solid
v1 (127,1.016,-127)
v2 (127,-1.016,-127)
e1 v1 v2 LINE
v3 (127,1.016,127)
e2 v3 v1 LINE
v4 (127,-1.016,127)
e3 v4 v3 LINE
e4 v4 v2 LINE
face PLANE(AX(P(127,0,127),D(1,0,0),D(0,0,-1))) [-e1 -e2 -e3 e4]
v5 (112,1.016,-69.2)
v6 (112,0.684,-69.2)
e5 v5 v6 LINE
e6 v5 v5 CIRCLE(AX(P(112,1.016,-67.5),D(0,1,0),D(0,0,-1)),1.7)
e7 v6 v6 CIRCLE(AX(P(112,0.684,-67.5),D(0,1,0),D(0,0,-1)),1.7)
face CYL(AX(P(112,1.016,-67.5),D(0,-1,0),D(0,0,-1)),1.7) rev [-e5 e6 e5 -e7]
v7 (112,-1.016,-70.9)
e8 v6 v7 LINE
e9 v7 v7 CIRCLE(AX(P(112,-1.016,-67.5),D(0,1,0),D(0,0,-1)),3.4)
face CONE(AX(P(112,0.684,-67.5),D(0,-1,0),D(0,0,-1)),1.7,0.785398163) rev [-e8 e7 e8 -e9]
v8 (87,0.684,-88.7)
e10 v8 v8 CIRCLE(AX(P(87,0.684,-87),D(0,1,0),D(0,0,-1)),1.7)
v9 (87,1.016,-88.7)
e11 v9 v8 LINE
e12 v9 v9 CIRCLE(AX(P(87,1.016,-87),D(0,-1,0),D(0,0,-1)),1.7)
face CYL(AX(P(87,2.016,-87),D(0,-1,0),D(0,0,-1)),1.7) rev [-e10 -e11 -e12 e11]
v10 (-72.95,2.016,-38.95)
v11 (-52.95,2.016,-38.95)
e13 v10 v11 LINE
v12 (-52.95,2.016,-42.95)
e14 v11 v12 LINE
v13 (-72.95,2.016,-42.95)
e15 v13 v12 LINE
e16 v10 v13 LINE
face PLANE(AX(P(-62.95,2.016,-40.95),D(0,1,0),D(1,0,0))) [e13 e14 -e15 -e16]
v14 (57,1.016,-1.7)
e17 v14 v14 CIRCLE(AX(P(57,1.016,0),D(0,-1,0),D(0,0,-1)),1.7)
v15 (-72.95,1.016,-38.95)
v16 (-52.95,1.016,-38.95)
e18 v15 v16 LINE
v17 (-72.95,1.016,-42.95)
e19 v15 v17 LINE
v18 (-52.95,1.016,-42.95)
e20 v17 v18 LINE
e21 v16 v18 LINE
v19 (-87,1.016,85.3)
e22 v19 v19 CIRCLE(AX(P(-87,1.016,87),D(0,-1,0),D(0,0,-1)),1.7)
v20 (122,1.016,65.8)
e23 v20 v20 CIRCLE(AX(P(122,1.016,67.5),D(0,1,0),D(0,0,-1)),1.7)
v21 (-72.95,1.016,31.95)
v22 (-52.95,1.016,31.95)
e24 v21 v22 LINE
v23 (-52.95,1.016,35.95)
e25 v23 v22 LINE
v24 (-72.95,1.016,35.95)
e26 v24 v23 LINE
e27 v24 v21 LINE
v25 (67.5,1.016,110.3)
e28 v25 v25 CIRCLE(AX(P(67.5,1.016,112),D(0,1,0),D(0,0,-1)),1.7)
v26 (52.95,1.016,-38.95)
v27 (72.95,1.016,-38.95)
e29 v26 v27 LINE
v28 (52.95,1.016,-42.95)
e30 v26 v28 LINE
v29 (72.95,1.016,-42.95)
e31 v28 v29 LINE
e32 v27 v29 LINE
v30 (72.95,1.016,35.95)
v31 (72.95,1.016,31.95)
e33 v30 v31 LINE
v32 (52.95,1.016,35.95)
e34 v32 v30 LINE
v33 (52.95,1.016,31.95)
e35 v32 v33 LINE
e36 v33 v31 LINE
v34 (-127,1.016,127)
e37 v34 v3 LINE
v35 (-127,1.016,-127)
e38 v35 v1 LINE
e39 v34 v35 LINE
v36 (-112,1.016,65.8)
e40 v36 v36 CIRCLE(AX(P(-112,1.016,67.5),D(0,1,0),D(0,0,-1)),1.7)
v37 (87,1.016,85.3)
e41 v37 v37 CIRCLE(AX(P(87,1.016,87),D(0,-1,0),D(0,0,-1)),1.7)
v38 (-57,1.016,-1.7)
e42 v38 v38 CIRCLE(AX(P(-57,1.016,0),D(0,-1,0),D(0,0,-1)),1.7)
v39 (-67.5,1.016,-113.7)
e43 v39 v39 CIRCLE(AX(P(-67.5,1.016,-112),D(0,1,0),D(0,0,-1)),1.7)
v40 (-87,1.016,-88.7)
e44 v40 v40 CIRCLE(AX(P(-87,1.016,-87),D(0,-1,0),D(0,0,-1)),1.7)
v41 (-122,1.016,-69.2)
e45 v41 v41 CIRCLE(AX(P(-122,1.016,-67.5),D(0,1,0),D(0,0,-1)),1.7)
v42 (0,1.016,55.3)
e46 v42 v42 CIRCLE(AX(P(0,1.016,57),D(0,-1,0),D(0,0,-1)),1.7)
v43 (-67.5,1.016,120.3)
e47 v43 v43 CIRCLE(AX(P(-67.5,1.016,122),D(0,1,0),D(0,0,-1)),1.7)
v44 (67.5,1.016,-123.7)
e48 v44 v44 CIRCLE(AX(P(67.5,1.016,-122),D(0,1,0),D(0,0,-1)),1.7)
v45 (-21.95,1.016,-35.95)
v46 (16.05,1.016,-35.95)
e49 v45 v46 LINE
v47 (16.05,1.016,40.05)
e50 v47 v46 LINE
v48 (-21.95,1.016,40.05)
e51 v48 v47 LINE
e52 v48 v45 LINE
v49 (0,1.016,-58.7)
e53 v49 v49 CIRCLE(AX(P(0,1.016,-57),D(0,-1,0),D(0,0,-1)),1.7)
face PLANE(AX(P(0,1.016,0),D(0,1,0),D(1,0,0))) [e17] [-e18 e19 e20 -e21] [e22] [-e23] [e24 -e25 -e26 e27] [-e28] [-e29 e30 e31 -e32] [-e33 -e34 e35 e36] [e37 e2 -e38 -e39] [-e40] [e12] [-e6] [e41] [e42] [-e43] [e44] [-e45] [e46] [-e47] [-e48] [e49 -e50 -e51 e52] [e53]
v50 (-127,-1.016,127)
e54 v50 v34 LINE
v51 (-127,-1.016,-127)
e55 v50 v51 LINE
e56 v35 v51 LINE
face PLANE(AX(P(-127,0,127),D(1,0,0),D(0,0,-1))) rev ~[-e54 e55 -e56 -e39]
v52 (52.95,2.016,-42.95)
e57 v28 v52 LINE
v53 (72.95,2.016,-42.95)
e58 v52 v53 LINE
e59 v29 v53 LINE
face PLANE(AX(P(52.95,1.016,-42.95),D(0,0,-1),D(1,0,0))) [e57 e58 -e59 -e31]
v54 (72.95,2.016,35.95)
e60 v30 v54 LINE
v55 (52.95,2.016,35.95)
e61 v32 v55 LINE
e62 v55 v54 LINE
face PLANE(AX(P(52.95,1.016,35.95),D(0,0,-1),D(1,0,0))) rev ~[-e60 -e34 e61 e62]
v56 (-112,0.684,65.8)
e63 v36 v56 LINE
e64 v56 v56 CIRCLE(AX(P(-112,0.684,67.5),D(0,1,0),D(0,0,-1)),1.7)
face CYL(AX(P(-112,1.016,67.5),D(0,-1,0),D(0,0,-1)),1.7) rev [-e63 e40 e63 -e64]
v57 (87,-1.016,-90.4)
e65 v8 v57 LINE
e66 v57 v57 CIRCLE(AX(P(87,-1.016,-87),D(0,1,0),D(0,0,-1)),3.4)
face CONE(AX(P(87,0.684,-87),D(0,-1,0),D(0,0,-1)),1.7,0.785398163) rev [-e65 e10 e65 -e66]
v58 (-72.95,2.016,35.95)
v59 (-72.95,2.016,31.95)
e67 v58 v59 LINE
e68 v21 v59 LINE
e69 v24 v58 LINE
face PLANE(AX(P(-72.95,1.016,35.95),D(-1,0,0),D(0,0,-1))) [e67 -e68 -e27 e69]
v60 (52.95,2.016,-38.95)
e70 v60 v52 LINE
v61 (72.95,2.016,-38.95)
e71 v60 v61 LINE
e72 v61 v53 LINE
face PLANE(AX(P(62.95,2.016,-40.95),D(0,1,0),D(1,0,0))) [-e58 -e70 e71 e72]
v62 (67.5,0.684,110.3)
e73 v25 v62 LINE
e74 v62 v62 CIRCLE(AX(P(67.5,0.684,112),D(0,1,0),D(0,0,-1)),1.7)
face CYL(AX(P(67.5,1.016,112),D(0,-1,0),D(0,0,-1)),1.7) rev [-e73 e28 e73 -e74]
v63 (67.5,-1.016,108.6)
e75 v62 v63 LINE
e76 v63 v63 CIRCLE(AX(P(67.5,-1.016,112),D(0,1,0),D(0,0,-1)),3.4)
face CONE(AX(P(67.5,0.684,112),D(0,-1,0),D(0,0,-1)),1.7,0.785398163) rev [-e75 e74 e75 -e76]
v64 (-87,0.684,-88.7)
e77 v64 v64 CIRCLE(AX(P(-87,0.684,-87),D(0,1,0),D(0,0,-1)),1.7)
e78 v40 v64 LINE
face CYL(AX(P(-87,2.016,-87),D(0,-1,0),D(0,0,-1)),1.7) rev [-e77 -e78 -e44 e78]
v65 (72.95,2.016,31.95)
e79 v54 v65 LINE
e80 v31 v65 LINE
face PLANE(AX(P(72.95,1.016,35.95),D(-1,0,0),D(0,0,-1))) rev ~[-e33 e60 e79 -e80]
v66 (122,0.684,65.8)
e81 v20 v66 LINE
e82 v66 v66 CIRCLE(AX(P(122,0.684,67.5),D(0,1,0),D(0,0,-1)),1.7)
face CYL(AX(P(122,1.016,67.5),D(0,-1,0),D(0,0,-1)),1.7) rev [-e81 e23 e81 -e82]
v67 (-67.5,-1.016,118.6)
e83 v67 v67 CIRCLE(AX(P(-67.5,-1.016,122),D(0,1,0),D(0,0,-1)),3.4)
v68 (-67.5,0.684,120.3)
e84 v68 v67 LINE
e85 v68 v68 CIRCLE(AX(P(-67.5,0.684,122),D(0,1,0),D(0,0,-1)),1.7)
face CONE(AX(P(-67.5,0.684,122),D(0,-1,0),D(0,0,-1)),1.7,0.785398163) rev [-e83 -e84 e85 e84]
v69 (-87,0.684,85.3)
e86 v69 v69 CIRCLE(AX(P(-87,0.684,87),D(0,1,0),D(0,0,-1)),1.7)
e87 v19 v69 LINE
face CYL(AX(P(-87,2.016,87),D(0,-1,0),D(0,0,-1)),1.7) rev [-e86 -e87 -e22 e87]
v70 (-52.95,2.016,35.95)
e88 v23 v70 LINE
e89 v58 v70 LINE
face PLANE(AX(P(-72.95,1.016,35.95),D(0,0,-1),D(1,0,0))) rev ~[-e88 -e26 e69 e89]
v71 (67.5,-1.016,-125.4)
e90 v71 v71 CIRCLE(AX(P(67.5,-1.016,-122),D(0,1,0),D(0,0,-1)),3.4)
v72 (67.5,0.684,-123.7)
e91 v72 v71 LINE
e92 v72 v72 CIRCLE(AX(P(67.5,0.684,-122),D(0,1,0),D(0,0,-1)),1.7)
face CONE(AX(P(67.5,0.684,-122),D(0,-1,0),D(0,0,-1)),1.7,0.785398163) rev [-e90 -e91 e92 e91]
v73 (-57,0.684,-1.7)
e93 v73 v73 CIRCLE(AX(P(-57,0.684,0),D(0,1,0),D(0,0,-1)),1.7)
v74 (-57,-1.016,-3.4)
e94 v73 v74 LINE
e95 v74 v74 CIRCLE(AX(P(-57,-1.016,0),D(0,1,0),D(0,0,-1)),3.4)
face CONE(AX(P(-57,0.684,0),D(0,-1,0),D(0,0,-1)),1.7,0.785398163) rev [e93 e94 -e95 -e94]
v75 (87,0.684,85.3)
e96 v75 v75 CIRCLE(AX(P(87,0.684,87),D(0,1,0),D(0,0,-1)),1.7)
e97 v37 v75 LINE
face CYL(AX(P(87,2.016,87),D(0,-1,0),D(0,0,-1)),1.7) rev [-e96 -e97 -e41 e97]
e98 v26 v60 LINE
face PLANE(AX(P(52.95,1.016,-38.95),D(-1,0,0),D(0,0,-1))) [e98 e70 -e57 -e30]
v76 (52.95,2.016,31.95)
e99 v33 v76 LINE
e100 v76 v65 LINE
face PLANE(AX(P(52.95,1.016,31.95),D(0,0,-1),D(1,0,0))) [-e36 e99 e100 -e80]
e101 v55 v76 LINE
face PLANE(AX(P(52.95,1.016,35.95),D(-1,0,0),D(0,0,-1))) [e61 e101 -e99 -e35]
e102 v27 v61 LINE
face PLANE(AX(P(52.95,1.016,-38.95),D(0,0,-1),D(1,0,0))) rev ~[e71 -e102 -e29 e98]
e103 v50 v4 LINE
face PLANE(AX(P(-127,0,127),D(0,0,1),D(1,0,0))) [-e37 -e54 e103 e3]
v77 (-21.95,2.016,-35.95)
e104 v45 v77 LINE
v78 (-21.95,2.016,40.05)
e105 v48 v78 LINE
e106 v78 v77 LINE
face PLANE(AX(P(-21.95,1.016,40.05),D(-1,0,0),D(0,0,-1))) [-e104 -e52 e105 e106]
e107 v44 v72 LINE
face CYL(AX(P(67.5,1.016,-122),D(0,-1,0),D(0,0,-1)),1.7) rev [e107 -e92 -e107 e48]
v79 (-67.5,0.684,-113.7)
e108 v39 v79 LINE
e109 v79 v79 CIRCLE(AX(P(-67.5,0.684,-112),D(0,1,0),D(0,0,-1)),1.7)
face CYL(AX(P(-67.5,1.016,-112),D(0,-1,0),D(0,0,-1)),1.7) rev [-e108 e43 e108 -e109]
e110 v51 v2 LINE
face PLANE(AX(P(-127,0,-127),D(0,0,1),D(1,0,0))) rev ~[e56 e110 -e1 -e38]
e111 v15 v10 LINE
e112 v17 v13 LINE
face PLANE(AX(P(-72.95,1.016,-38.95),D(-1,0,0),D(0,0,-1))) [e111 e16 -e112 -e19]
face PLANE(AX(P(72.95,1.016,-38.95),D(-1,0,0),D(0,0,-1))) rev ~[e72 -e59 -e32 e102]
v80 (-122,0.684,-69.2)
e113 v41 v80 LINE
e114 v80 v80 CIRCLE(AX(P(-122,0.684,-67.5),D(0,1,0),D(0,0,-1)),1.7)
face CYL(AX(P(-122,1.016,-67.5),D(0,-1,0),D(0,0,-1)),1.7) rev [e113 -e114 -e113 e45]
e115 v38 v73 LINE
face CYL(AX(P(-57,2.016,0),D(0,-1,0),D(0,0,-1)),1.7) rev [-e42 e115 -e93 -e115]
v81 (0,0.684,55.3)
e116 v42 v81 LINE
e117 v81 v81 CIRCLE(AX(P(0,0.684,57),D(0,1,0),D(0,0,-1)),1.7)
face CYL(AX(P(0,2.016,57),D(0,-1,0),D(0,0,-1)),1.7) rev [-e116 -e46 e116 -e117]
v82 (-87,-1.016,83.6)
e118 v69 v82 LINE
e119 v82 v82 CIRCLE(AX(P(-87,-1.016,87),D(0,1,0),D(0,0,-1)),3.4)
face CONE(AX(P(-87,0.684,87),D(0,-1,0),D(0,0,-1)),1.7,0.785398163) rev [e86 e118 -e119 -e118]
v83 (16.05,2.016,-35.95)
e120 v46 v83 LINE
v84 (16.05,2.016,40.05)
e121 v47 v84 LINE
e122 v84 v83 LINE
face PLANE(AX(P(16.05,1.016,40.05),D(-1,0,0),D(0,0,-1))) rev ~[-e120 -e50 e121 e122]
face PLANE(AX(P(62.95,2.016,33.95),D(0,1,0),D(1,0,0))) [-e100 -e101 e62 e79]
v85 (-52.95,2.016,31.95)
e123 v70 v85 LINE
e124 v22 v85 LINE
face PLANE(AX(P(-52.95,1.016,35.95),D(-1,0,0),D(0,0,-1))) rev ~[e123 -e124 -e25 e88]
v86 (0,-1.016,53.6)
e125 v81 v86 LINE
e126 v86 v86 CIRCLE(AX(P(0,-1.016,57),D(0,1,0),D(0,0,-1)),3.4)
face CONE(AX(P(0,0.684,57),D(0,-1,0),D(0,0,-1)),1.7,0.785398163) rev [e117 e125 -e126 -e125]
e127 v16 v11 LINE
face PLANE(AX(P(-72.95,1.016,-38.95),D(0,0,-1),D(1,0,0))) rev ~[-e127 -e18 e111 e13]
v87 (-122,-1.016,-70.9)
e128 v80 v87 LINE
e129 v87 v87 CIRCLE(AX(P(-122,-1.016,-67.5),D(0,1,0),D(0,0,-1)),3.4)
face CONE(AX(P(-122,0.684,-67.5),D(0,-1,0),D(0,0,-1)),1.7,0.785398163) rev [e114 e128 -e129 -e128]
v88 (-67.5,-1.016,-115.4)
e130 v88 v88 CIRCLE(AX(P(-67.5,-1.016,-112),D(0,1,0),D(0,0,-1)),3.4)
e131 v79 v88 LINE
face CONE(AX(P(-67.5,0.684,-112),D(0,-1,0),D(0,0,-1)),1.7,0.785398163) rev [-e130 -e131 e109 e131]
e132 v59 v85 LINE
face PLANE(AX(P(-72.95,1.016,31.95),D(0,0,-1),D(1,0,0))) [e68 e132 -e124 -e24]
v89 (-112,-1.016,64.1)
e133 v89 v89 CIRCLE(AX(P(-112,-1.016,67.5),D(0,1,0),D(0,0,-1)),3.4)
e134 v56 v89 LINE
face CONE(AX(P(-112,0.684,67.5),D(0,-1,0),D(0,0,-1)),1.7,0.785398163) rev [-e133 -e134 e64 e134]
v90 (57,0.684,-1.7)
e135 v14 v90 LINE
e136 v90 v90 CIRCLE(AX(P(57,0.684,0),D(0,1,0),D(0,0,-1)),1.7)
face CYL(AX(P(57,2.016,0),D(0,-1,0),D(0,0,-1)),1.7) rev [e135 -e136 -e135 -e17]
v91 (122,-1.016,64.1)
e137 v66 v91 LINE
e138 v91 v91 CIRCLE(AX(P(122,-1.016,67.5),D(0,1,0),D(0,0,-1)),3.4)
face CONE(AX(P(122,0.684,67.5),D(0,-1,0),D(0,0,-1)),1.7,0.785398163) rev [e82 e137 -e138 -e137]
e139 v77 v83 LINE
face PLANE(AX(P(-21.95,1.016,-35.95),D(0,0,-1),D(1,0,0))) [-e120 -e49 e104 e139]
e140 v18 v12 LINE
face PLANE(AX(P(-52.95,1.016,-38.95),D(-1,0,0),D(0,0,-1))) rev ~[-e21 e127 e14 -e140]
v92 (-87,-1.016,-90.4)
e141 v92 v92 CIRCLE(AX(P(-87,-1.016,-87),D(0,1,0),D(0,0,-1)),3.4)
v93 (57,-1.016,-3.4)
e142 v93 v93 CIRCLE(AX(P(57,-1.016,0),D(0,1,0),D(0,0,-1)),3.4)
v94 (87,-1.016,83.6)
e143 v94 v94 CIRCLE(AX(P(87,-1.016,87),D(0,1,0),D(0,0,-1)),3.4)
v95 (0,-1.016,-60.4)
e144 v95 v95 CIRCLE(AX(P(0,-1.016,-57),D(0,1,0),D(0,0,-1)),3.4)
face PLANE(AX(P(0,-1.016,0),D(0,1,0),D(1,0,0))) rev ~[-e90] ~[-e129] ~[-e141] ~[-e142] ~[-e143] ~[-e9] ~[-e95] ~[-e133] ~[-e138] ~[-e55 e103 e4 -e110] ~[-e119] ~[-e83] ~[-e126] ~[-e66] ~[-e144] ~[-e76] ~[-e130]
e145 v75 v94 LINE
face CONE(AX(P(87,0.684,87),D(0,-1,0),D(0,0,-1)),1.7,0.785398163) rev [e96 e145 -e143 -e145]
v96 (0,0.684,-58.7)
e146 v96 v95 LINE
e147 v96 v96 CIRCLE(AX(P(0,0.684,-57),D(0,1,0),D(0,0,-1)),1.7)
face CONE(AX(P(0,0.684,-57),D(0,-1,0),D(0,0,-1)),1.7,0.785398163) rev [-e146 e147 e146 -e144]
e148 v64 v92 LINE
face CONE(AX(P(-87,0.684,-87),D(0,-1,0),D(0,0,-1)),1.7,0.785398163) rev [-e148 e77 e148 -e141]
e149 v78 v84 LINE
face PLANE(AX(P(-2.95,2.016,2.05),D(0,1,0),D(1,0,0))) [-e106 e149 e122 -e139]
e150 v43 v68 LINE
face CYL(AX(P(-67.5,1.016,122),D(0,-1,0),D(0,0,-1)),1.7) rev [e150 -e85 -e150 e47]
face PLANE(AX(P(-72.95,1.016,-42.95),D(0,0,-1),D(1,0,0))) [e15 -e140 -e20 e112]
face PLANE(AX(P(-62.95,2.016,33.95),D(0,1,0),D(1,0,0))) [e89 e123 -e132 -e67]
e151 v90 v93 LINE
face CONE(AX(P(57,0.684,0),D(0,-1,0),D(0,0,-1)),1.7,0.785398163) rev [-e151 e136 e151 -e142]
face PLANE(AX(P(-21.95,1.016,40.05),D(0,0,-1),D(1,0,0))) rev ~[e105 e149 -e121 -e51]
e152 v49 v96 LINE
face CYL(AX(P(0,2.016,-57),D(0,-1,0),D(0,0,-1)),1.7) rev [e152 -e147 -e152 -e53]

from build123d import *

# Parameters (mm, degrees)
SKETCH1_W                                      = 254
SKETCH1_H                                      = 254
BOSS_EXTRUDE1_DEPTH                            = 1.016
CSK_FOR_M3_FLAT_HEAD_MACHINE_SCREW2_AT_2_COUNT = 2
CSK_FOR_M3_FLAT_HEAD_MACHINE_SCREW2_AT_2_PITCH = 70.359789653
CSK_FOR_M3_FLAT_HEAD_MACHINE_SCREW2_AT_3_COUNT = 2
CSK_FOR_M3_FLAT_HEAD_MACHINE_SCREW2_AT_3_PITCH = 184.933771929
CSK_FOR_M3_FLAT_HEAD_MACHINE_SCREW2_AT_4_COUNT = 2
CSK_FOR_M3_FLAT_HEAD_MACHINE_SCREW2_AT_4_PITCH = 234
CSK_FOR_M3_FLAT_HEAD_MACHINE_SCREW2_AT_5_COUNT = 2
CSK_FOR_M3_FLAT_HEAD_MACHINE_SCREW2_AT_5_PITCH = 261.535848403
CSK_FOR_M3_FLAT_HEAD_MACHINE_SCREW2_AT_6_COUNT = 2
CSK_FOR_M3_FLAT_HEAD_MACHINE_SCREW2_AT_6_PITCH = 184.933771929
CSK_FOR_M3_FLAT_HEAD_MACHINE_SCREW2_AT_7_COUNT = 2
CSK_FOR_M3_FLAT_HEAD_MACHINE_SCREW2_AT_7_PITCH = 135.369863707
CSK_FOR_M3_FLAT_HEAD_MACHINE_SCREW2_AT_8_COUNT = 2
CSK_FOR_M3_FLAT_HEAD_MACHINE_SCREW2_AT_8_PITCH = 261.018198599
SKETCH10_W                                     = 20
SKETCH10_H                                     = 4
SKETCH10_W_2                                   = 38
SKETCH10_H_2                                   = 76
BOSS_EXTRUDE2_DEPTH                            = 1
CSK_FOR_M3_FLAT_HEAD_MACHINE_SCREW3_AT_2_COUNT = 2
CSK_FOR_M3_FLAT_HEAD_MACHINE_SCREW3_AT_2_PITCH = 80.610173055
CSK_FOR_M3_FLAT_HEAD_MACHINE_SCREW3_AT_3_COUNT = 2
CSK_FOR_M3_FLAT_HEAD_MACHINE_SCREW3_AT_3_PITCH = 80.610173055
CSK_FOR_M3_FLAT_HEAD_MACHINE_SCREW3_AT_4_COUNT = 2
CSK_FOR_M3_FLAT_HEAD_MACHINE_SCREW3_AT_4_PITCH = 114
CSK_FOR_M3_FLAT_HEAD_MACHINE_SCREW3_AT_5_COUNT = 2
CSK_FOR_M3_FLAT_HEAD_MACHINE_SCREW3_AT_5_PITCH = 168.240898714
CSK_FOR_M3_FLAT_HEAD_MACHINE_SCREW3_AT_6_COUNT = 2
CSK_FOR_M3_FLAT_HEAD_MACHINE_SCREW3_AT_6_PITCH = 92.027169901
CSK_FOR_M3_FLAT_HEAD_MACHINE_SCREW3_AT_7_COUNT = 2
CSK_FOR_M3_FLAT_HEAD_MACHINE_SCREW3_AT_7_PITCH = 92.027169901
CSK_FOR_M3_FLAT_HEAD_MACHINE_SCREW3_AT_8_COUNT = 2
CSK_FOR_M3_FLAT_HEAD_MACHINE_SCREW3_AT_8_PITCH = 168.240898714


with BuildPart() as part:
    # Sketch1 → Boss-Extrude1 (new, symmetric)
    with BuildSketch(Plane(origin=(0, 0, 0), x_dir=(1, 0, 0), z_dir=(0, 1, 0))):
        Rectangle(SKETCH1_W, SKETCH1_H)
    extrude(amount=BOSS_EXTRUDE1_DEPTH, both=True)

    # Sketch9 → CSK for M3 Flat Head Machine Screw2 (revolve, cut)
    with BuildSketch(Plane(origin=(-67.5, -1.016, -112), x_dir=(0, 0, -1), z_dir=(1, 0, 0))):
        Polygon((0, 0), (0, 2.032), (1.7, 2.032), (1.7, 1.7), (3.4, 0), align=None)
    csk_for_m3_flat_head_machine_screw2 = revolve(axis=Axis((-67.5, -7.366, -112), (0, 1, 0)), mode=Mode.SUBTRACT)

    # CSK for M3 Flat Head Machine Screw2 at 2: CSK for M3 Flat Head Machine Screw2 ×2
    with Locations(*[Vector(-0.7745901496986006, 0, 0.6324635167263798) * (i * CSK_FOR_M3_FLAT_HEAD_MACHINE_SCREW2_AT_2_PITCH) for i in range(1, CSK_FOR_M3_FLAT_HEAD_MACHINE_SCREW2_AT_2_COUNT)]):
        add(csk_for_m3_flat_head_machine_screw2, mode=Mode.SUBTRACT)

    # CSK for M3 Flat Head Machine Screw2 at 3: CSK for M3 Flat Head Machine Screw2 ×2
    with Locations(*[Vector(-0.24062668238341703, 0, 0.9706177412994006) * (i * CSK_FOR_M3_FLAT_HEAD_MACHINE_SCREW2_AT_3_PITCH) for i in range(1, CSK_FOR_M3_FLAT_HEAD_MACHINE_SCREW2_AT_3_COUNT)]):
        add(csk_for_m3_flat_head_machine_screw2, mode=Mode.SUBTRACT)

    # CSK for M3 Flat Head Machine Screw2 at 4: CSK for M3 Flat Head Machine Screw2 ×2
    with Locations(*[(0, 0, i * CSK_FOR_M3_FLAT_HEAD_MACHINE_SCREW2_AT_4_PITCH) for i in range(1, CSK_FOR_M3_FLAT_HEAD_MACHINE_SCREW2_AT_4_COUNT)]):
        add(csk_for_m3_flat_head_machine_screw2, mode=Mode.SUBTRACT)

    # CSK for M3 Flat Head Machine Screw2 at 5: CSK for M3 Flat Head Machine Screw2 ×2
    with Locations(*[Vector(0.5161816279650405, 0, 0.856479145660512) * (i * CSK_FOR_M3_FLAT_HEAD_MACHINE_SCREW2_AT_5_PITCH) for i in range(1, CSK_FOR_M3_FLAT_HEAD_MACHINE_SCREW2_AT_5_COUNT)]):
        add(csk_for_m3_flat_head_machine_screw2, mode=Mode.SUBTRACT)

    # CSK for M3 Flat Head Machine Screw2 at 6: CSK for M3 Flat Head Machine Screw2 ×2
    with Locations(*[Vector(0.9706177412994007, 0, 0.2406266823834169) * (i * CSK_FOR_M3_FLAT_HEAD_MACHINE_SCREW2_AT_6_PITCH) for i in range(1, CSK_FOR_M3_FLAT_HEAD_MACHINE_SCREW2_AT_6_COUNT)]):
        add(csk_for_m3_flat_head_machine_screw2, mode=Mode.SUBTRACT)

    # CSK for M3 Flat Head Machine Screw2 at 7: CSK for M3 Flat Head Machine Screw2 ×2
    with Locations(*[Vector(0.997267754456709, 0, -0.07387168551531198) * (i * CSK_FOR_M3_FLAT_HEAD_MACHINE_SCREW2_AT_7_PITCH) for i in range(1, CSK_FOR_M3_FLAT_HEAD_MACHINE_SCREW2_AT_7_COUNT)]):
        add(csk_for_m3_flat_head_machine_screw2, mode=Mode.SUBTRACT)

    # CSK for M3 Flat Head Machine Screw2 at 8: CSK for M3 Flat Head Machine Screw2 ×2
    with Locations(*[Vector(0.7260030182452614, 0, 0.687691513324667) * (i * CSK_FOR_M3_FLAT_HEAD_MACHINE_SCREW2_AT_8_PITCH) for i in range(1, CSK_FOR_M3_FLAT_HEAD_MACHINE_SCREW2_AT_8_COUNT)]):
        add(csk_for_m3_flat_head_machine_screw2, mode=Mode.SUBTRACT)

    # Sketch10 → Boss-Extrude2 (add)
    with BuildSketch(Plane(origin=(0, 1.016, 0), x_dir=(1, 0, 0), z_dir=(0, 1, 0))):
        with Locations((-62.95, 40.95)):
            Rectangle(SKETCH10_W, SKETCH10_H)
        with Locations((62.95, 40.95)):
            Rectangle(SKETCH10_W, SKETCH10_H)
        with Locations((-62.95, -33.95)):
            Rectangle(SKETCH10_W, SKETCH10_H)
        with Locations((62.95, -33.95)):
            Rectangle(SKETCH10_W, SKETCH10_H)
        with Locations((-2.95, -2.05)):
            Rectangle(SKETCH10_W_2, SKETCH10_H_2)
    extrude(amount=BOSS_EXTRUDE2_DEPTH)

    # Sketch13 → CSK for M3 Flat Head Machine Screw3 (revolve, cut)
    with BuildSketch(Plane(origin=(0, -1.016, 57), x_dir=(0, 0, -1), z_dir=(1, 0, 0))):
        Polygon((0, 0), (0, 3.032), (1.7, 3.032), (1.7, 1.7), (3.4, 0), align=None)
    csk_for_m3_flat_head_machine_screw3 = revolve(axis=Axis((0, -7.366, 57), (0, 1, 0)), mode=Mode.SUBTRACT)

    # CSK for M3 Flat Head Machine Screw3 at 2: CSK for M3 Flat Head Machine Screw3 ×2
    with Locations(*[Vector(0.7071067811865476, 0, -0.7071067811865476) * (i * CSK_FOR_M3_FLAT_HEAD_MACHINE_SCREW3_AT_2_PITCH) for i in range(1, CSK_FOR_M3_FLAT_HEAD_MACHINE_SCREW3_AT_2_COUNT)]):
        add(csk_for_m3_flat_head_machine_screw3, mode=Mode.SUBTRACT)

    # CSK for M3 Flat Head Machine Screw3 at 3: CSK for M3 Flat Head Machine Screw3 ×2
    with Locations(*[Vector(-0.7071067811865476, 0, -0.7071067811865476) * (i * CSK_FOR_M3_FLAT_HEAD_MACHINE_SCREW3_AT_3_PITCH) for i in range(1, CSK_FOR_M3_FLAT_HEAD_MACHINE_SCREW3_AT_3_COUNT)]):
        add(csk_for_m3_flat_head_machine_screw3, mode=Mode.SUBTRACT)

    # CSK for M3 Flat Head Machine Screw3 at 4: CSK for M3 Flat Head Machine Screw3 ×2
    with Locations(*[(0, 0, -i * CSK_FOR_M3_FLAT_HEAD_MACHINE_SCREW3_AT_4_PITCH) for i in range(1, CSK_FOR_M3_FLAT_HEAD_MACHINE_SCREW3_AT_4_COUNT)]):
        add(csk_for_m3_flat_head_machine_screw3, mode=Mode.SUBTRACT)

    # CSK for M3 Flat Head Machine Screw3 at 5: CSK for M3 Flat Head Machine Screw3 ×2
    with Locations(*[Vector(-0.5171156399255817, 0, -0.8559155419457904) * (i * CSK_FOR_M3_FLAT_HEAD_MACHINE_SCREW3_AT_5_PITCH) for i in range(1, CSK_FOR_M3_FLAT_HEAD_MACHINE_SCREW3_AT_5_COUNT)]):
        add(csk_for_m3_flat_head_machine_screw3, mode=Mode.SUBTRACT)

    # CSK for M3 Flat Head Machine Screw3 at 6: CSK for M3 Flat Head Machine Screw3 ×2
    with Locations(*[Vector(-0.9453729816262721, 0, 0.32599068331940434) * (i * CSK_FOR_M3_FLAT_HEAD_MACHINE_SCREW3_AT_6_PITCH) for i in range(1, CSK_FOR_M3_FLAT_HEAD_MACHINE_SCREW3_AT_6_COUNT)]):
        add(csk_for_m3_flat_head_machine_screw3, mode=Mode.SUBTRACT)

    # CSK for M3 Flat Head Machine Screw3 at 7: CSK for M3 Flat Head Machine Screw3 ×2
    with Locations(*[Vector(0.9453729816262721, 0, 0.32599068331940434) * (i * CSK_FOR_M3_FLAT_HEAD_MACHINE_SCREW3_AT_7_PITCH) for i in range(1, CSK_FOR_M3_FLAT_HEAD_MACHINE_SCREW3_AT_7_COUNT)]):
        add(csk_for_m3_flat_head_machine_screw3, mode=Mode.SUBTRACT)

    # CSK for M3 Flat Head Machine Screw3 at 8: CSK for M3 Flat Head Machine Screw3 ×2
    with Locations(*[Vector(0.5171156399255817, 0, -0.8559155419457904) * (i * CSK_FOR_M3_FLAT_HEAD_MACHINE_SCREW3_AT_8_PITCH) for i in range(1, CSK_FOR_M3_FLAT_HEAD_MACHINE_SCREW3_AT_8_COUNT)]):
        add(csk_for_m3_flat_head_machine_screw3, mode=Mode.SUBTRACT)


solid = part.part
